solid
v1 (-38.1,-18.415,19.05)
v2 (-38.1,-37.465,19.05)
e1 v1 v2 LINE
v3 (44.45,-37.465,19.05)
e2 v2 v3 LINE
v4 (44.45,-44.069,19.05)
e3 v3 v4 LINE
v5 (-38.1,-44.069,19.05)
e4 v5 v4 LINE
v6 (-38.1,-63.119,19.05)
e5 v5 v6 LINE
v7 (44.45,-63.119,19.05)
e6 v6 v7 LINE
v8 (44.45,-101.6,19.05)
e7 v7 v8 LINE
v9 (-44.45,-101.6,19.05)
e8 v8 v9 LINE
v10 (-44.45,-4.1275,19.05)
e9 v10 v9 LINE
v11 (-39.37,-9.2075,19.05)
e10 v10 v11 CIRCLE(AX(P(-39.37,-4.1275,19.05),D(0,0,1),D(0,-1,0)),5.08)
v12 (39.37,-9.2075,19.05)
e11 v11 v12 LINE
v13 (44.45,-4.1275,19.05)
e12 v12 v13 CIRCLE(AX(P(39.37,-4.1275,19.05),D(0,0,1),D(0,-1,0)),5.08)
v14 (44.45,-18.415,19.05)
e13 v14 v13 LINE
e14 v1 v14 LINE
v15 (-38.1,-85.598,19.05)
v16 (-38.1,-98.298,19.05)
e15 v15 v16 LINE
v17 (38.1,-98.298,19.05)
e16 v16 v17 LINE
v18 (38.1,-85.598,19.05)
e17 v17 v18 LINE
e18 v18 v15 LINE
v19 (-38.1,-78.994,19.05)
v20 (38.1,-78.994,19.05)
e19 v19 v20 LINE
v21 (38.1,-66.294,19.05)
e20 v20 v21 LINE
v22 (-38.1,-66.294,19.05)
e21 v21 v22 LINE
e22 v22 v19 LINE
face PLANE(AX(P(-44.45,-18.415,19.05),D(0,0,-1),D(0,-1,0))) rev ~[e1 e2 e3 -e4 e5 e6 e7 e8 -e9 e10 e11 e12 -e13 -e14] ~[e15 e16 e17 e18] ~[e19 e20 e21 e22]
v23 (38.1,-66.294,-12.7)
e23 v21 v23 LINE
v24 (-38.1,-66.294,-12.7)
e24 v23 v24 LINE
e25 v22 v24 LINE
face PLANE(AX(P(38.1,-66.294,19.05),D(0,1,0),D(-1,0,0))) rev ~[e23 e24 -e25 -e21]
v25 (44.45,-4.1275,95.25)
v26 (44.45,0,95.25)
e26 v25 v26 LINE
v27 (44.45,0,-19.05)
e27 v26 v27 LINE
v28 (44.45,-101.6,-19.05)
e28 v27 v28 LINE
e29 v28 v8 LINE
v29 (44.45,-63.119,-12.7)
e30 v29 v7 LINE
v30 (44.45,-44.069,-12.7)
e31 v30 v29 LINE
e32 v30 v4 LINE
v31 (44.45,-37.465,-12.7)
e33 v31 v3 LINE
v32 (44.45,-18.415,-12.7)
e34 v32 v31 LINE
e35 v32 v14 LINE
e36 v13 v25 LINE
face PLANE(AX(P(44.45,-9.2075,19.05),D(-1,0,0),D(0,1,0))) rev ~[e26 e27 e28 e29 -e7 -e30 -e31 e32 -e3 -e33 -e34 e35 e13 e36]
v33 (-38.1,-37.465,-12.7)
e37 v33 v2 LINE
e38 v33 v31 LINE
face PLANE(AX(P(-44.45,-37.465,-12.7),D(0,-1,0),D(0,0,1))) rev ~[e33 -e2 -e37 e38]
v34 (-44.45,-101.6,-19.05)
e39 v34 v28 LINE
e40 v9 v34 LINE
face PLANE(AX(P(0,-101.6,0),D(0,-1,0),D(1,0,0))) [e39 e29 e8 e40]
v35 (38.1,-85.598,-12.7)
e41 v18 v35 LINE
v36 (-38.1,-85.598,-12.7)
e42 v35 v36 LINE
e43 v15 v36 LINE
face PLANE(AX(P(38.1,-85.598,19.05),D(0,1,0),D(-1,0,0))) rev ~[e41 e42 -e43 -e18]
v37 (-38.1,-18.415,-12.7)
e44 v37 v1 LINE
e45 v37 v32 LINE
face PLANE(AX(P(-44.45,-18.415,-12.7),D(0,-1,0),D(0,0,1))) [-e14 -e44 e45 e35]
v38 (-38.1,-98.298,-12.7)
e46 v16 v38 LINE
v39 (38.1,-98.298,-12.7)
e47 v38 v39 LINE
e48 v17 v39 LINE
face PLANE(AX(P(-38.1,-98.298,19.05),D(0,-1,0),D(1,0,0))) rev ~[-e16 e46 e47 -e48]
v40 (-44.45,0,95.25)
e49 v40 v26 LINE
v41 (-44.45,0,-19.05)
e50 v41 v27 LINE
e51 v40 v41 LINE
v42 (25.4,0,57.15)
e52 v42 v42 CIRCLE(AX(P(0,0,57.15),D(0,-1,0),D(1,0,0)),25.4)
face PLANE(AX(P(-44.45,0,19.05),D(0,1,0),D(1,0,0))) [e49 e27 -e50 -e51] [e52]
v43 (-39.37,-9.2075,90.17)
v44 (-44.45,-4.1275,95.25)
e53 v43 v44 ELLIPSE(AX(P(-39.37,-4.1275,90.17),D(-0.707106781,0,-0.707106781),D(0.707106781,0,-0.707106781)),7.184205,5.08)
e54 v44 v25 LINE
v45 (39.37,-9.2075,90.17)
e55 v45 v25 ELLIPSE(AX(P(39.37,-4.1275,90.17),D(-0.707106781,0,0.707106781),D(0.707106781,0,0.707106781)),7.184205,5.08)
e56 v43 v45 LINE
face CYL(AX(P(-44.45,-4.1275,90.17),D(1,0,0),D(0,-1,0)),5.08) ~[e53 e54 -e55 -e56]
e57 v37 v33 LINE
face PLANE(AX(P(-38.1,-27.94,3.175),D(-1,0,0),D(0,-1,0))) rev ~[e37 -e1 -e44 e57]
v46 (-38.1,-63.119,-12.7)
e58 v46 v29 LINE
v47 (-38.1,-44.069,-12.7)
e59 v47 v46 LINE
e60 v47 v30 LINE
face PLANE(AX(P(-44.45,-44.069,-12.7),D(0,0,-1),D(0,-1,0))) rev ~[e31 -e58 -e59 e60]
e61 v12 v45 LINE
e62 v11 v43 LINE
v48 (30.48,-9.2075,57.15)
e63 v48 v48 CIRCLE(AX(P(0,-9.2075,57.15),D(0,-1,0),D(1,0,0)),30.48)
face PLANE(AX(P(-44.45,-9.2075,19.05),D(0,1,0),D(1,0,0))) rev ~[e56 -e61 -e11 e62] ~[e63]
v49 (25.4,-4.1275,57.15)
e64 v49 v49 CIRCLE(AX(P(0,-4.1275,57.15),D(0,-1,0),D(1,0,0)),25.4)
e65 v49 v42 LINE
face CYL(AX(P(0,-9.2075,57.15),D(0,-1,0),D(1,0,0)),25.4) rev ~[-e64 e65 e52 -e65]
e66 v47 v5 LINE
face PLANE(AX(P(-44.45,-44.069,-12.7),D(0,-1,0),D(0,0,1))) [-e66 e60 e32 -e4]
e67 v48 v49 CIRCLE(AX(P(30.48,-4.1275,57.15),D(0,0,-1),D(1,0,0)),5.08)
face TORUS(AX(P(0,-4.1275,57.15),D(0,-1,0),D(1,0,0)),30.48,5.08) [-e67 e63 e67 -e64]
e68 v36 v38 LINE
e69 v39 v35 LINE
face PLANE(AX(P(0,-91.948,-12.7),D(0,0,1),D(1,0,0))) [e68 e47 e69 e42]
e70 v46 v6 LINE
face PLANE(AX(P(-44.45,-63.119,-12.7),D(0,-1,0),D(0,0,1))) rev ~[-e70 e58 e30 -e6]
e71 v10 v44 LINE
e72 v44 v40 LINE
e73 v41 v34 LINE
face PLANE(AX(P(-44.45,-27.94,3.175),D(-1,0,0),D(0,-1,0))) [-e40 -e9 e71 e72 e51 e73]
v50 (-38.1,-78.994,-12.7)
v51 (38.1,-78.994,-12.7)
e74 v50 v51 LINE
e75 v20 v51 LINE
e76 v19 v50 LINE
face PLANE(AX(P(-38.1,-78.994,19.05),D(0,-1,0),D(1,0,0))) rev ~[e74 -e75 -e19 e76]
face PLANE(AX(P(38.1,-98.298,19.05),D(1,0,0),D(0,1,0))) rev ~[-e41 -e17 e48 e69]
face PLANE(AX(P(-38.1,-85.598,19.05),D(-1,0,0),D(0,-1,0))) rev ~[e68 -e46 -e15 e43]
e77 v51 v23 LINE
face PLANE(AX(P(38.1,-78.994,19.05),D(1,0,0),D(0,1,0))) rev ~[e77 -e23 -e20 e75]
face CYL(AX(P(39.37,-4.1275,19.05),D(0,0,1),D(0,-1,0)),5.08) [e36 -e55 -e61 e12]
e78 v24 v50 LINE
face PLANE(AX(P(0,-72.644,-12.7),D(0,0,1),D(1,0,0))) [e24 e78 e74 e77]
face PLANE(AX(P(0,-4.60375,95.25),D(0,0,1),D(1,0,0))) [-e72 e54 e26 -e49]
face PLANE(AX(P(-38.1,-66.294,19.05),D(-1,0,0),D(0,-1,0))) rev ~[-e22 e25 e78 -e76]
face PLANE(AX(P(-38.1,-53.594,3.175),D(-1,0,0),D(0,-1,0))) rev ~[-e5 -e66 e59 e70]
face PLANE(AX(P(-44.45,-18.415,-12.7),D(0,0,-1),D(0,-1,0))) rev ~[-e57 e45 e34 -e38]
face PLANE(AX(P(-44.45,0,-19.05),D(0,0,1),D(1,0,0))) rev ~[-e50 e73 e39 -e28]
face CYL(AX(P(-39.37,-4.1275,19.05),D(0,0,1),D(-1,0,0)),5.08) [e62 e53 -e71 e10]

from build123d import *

# Parameters (mm, degrees)
F1_DEPTH  = 101.6
F3_DEPTH  = 31.75
F4_W      = 19.05
F4_H      = 31.75
F5_DEPTH  = 88.901
F6_W      = 88.9
F6_H      = 9.2075
F7_DEPTH  = 76.2
F8_W      = 19.05
F8_H      = 31.75
F9_DEPTH  = 6.35
F10_R     = 25.4
F11_DEPTH = 9.2085
F12_R     = 5.08


with BuildPart() as f1:
    # F0 (on Front) → F1 (new body)
    with BuildSketch(Plane.XZ):
        Polygon((44.45, 19.05), (0, 19.05), (-44.45, 19.05), (-44.45, 0), (-44.45, -19.05), (0, -19.05), (44.45, -19.05), (44.45, 0), align=None)
    extrude(amount=F1_DEPTH)

    # F2 (on face) → F3 (cut)
    with BuildSketch(Plane.XY.offset(19.05)):
        Polygon((38.1, -85.598), (0, -85.598), (-38.1, -85.598), (-38.1, -98.298), (0, -98.298), (38.1, -98.298), align=None)
        Polygon((-38.1, -78.994), (0, -78.994), (38.1, -78.994), (38.1, -66.294), (0, -66.294), (-38.1, -66.294), align=None)
    extrude(amount=-F3_DEPTH, mode=Mode.SUBTRACT)

    # F4 (on face) → F5 (cut, through all)
    with BuildSketch(Plane(origin=(-44.45, 0, 0), x_dir=(0, -1, 0), z_dir=(-1, 0, 0))):
        with Locations((53.594, 3.175)):
            Rectangle(F4_W, F4_H)
        with Locations((27.94, 3.175)):
            Rectangle(F4_W, F4_H)
    extrude(amount=-F5_DEPTH, mode=Mode.SUBTRACT)

    # F6 (on face) → F7 (join)
    with BuildSketch(Plane.XY.offset(19.05)):
        with Locations((0, -4.60375)):
            Rectangle(F6_W, F6_H)
    extrude(amount=F7_DEPTH)

    # F8 (on face) → F9 (join, through all)
    with BuildSketch(Plane(origin=(-44.45, 0, 0), x_dir=(0, -1, 0), z_dir=(-1, 0, 0))):
        with Locations((27.94, 3.175)):
            Rectangle(F8_W, F8_H)
        with Locations((53.594, 3.175)):
            Rectangle(F8_W, F8_H)
    extrude(amount=-F9_DEPTH)

    # F10 (on face) → F11 (cut, through all)
    with BuildSketch(Plane.XZ.offset(9.2075)):
        with Locations((0, 57.15)):
            Circle(F10_R)
    extrude(amount=-F11_DEPTH, mode=Mode.SUBTRACT)

    # F12
    f12_edges = [f1.edges().sort_by_distance(p)[0] for p in [
        (0, -9.2075, 95.25),
        (-44.45, -9.2075, 57.15),
        (44.45, -9.2075, 57.15),
        (-25.4, -9.2075, 57.15),
    ]]
    fillet(f12_edges, radius=F12_R)


solid = f1.part
